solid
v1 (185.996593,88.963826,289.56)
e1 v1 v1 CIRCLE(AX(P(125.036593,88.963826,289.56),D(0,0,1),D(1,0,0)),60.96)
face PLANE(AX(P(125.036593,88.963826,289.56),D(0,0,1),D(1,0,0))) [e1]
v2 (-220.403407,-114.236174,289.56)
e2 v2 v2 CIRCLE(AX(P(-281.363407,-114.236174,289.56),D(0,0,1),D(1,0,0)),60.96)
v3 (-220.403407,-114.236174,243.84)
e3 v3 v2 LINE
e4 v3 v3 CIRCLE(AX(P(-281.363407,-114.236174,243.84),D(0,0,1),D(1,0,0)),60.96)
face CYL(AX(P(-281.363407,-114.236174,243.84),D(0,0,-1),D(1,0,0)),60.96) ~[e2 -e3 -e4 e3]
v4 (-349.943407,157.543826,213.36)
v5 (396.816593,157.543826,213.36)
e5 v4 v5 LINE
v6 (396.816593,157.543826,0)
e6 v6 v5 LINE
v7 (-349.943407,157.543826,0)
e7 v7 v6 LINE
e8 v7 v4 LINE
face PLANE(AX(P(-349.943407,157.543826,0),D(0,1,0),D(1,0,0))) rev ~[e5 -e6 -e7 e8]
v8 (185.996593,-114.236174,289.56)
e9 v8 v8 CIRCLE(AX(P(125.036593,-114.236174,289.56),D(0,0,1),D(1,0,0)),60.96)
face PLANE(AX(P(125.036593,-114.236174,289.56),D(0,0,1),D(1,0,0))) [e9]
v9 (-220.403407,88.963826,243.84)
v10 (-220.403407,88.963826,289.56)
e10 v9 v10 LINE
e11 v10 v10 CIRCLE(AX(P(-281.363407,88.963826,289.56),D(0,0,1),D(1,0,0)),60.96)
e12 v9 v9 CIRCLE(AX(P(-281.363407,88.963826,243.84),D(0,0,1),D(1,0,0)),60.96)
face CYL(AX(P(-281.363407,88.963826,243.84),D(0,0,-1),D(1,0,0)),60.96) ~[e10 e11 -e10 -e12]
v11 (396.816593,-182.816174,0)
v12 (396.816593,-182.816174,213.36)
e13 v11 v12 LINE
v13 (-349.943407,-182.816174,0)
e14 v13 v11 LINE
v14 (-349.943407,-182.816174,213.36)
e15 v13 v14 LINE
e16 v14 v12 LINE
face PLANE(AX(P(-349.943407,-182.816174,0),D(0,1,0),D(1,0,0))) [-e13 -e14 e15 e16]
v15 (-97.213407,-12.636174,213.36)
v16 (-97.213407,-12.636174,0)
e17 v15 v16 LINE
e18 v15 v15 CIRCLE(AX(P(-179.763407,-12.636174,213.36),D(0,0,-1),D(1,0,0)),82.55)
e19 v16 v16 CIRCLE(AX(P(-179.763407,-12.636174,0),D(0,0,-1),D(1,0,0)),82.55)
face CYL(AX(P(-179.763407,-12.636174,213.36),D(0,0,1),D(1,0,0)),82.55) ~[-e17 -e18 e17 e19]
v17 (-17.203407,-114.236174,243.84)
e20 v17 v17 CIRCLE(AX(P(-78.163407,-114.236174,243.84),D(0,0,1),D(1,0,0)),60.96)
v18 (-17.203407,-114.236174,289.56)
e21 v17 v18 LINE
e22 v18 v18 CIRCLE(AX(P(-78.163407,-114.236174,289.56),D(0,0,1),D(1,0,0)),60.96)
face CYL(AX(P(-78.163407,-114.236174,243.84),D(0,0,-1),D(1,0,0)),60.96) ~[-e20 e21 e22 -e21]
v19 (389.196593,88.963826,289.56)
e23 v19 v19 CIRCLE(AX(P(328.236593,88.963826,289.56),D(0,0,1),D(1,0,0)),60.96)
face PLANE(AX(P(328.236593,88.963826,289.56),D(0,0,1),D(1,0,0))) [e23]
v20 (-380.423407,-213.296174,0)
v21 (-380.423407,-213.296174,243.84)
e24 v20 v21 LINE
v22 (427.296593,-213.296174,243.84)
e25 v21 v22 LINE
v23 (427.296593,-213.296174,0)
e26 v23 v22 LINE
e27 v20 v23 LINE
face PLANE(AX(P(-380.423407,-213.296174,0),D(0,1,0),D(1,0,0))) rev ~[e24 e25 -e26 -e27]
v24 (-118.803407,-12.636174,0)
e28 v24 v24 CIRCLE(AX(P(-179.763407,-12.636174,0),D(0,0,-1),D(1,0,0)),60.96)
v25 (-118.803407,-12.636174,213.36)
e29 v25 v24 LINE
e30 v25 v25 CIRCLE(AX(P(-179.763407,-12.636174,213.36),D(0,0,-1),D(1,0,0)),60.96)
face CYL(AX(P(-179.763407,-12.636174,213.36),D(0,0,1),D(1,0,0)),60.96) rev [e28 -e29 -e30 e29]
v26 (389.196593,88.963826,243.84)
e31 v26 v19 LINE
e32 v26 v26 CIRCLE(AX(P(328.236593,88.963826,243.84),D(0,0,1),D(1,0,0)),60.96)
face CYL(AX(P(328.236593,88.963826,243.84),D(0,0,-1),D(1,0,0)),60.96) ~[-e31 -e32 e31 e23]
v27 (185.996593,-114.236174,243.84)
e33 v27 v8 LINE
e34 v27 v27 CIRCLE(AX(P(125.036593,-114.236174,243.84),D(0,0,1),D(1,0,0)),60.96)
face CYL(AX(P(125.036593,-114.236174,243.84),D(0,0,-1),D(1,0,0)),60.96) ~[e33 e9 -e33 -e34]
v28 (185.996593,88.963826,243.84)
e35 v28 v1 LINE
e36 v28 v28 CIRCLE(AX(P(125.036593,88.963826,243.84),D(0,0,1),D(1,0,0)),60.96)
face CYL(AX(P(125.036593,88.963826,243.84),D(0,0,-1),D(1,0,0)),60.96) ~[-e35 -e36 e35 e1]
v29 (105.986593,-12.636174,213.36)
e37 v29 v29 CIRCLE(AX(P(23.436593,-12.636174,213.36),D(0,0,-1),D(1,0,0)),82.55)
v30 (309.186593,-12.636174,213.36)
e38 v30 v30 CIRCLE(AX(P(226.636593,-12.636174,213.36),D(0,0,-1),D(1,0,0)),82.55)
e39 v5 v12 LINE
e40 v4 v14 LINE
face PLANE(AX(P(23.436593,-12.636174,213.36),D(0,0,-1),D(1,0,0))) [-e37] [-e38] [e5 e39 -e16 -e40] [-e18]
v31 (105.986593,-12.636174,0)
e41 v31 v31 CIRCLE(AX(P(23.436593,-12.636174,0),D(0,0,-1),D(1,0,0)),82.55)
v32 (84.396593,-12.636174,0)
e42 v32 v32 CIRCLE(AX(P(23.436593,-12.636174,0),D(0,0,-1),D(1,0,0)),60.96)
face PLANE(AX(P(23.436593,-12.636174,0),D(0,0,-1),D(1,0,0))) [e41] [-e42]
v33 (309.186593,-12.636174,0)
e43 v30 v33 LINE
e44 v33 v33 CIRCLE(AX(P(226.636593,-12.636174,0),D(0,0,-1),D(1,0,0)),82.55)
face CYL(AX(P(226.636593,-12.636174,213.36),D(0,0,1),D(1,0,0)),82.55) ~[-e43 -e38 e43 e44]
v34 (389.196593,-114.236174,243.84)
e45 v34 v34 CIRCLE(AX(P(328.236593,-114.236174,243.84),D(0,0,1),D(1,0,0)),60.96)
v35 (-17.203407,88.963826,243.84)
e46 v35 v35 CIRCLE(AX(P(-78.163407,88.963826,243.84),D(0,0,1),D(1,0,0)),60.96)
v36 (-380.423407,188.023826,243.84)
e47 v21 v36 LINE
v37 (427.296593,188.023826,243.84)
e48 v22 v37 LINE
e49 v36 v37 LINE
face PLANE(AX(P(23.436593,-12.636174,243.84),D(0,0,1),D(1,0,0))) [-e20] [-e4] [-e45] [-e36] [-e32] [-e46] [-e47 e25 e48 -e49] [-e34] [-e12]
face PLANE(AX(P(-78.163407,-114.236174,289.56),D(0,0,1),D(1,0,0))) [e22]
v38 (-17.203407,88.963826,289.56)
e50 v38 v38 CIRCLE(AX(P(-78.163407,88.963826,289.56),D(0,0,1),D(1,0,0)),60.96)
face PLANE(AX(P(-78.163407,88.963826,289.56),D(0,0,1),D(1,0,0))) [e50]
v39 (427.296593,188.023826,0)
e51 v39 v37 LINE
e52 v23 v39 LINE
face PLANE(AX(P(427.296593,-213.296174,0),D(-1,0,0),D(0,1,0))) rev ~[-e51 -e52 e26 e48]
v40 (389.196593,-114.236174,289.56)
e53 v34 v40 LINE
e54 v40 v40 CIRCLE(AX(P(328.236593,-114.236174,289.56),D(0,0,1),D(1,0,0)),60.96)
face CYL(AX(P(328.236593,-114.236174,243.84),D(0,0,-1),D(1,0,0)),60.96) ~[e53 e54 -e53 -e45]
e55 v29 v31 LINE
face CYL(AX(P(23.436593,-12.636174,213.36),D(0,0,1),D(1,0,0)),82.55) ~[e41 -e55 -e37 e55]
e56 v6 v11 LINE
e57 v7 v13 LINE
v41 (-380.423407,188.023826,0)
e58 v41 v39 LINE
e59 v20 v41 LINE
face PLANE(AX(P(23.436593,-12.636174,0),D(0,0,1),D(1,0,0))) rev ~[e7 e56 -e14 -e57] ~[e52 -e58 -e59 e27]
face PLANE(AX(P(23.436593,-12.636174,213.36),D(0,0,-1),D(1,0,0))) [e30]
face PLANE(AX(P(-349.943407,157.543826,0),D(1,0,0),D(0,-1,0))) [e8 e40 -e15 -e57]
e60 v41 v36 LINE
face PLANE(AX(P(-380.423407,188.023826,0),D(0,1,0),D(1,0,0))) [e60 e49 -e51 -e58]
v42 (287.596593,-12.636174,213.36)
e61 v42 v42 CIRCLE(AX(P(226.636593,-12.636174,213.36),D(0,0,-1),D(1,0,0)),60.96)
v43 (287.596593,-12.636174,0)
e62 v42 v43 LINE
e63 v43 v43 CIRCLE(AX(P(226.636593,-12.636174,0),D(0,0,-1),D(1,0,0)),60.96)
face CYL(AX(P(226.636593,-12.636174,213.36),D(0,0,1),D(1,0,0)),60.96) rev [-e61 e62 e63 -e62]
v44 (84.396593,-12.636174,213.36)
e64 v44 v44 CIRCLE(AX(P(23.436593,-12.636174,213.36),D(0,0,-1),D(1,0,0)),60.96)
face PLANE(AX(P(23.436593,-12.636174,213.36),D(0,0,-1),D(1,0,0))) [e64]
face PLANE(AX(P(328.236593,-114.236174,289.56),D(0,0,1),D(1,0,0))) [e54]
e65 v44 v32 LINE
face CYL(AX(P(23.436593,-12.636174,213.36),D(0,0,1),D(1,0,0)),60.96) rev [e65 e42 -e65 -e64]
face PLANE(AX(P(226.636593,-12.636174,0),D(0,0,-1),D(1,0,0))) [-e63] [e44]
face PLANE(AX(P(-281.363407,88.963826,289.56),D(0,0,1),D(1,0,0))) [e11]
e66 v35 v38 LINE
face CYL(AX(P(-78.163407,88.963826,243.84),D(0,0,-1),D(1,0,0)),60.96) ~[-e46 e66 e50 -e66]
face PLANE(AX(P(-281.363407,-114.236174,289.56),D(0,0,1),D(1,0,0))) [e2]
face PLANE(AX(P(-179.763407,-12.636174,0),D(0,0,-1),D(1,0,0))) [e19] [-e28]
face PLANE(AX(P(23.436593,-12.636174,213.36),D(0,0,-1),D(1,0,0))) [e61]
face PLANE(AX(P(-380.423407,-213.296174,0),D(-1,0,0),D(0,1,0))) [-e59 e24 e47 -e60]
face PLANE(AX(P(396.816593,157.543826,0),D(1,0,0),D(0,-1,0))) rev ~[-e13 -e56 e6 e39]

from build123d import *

# Parameters (mm, degrees)
F0_W     = 807.72
F0_H     = 401.32
F1_DEPTH = 243.84
F3_R     = 60.96
F4_DEPTH = 45.72
F2_W     = 746.76
F2_H     = 340.36
F5_DEPTH = 213.36
F6_R     = 82.55
F6_R_2   = 60.96
F7_DEPTH = 213.36


with BuildPart() as f1:
    # F0 (on Top) → F1 (new body)
    with BuildSketch(Plane.XY):
        with Locations((23.436593, -12.636174)):
            Rectangle(F0_W, F0_H)
    extrude(amount=F1_DEPTH)

    # F3 (on face) → F4 (join)
    with BuildSketch(Plane.XY.offset(243.84)):
        with Locations((-281.363407, 88.963826)):
            Circle(F3_R)
        with Locations((-78.163407, 88.963826)):
            Circle(F3_R)
        with Locations((125.036593, 88.963826)):
            Circle(F3_R)
        with Locations((328.236593, 88.963826)):
            Circle(F3_R)
        with Locations((-281.363407, -114.236174)):
            Circle(F3_R)
        with Locations((-78.163407, -114.236174)):
            Circle(F3_R)
        with Locations((125.036593, -114.236174)):
            Circle(F3_R)
        with Locations((328.236593, -114.236174)):
            Circle(F3_R)
    extrude(amount=F4_DEPTH)

    # F2 (on face) → F5 (cut)
    with BuildSketch(Plane(origin=(0, 0, 0), x_dir=(1, 0, 0), z_dir=(0, 0, -1))):
        with Locations((23.436593, 12.636174)):
            Rectangle(F2_W, F2_H)
    extrude(amount=-F5_DEPTH, mode=Mode.SUBTRACT)

    # F6 (on face) → F7 (join)
    with BuildSketch(Plane(origin=(0, 0, 213.36), x_dir=(1, 0, 0), z_dir=(0, 0, -1))):
        with Locations((23.436593, 12.636174)):
            Circle(F6_R)
        with Locations((23.436593, 12.636174)):
            Circle(F6_R_2, mode=Mode.SUBTRACT)
        with Locations((226.636593, 12.636174)):
            Circle(F6_R)
        with Locations((226.636593, 12.636174)):
            Circle(F6_R_2, mode=Mode.SUBTRACT)
        with Locations((-179.763407, 12.636174)):
            Circle(F6_R)
        with Locations((-179.763407, 12.636174)):
            Circle(F6_R_2, mode=Mode.SUBTRACT)
    extrude(amount=F7_DEPTH)


solid = f1.part
